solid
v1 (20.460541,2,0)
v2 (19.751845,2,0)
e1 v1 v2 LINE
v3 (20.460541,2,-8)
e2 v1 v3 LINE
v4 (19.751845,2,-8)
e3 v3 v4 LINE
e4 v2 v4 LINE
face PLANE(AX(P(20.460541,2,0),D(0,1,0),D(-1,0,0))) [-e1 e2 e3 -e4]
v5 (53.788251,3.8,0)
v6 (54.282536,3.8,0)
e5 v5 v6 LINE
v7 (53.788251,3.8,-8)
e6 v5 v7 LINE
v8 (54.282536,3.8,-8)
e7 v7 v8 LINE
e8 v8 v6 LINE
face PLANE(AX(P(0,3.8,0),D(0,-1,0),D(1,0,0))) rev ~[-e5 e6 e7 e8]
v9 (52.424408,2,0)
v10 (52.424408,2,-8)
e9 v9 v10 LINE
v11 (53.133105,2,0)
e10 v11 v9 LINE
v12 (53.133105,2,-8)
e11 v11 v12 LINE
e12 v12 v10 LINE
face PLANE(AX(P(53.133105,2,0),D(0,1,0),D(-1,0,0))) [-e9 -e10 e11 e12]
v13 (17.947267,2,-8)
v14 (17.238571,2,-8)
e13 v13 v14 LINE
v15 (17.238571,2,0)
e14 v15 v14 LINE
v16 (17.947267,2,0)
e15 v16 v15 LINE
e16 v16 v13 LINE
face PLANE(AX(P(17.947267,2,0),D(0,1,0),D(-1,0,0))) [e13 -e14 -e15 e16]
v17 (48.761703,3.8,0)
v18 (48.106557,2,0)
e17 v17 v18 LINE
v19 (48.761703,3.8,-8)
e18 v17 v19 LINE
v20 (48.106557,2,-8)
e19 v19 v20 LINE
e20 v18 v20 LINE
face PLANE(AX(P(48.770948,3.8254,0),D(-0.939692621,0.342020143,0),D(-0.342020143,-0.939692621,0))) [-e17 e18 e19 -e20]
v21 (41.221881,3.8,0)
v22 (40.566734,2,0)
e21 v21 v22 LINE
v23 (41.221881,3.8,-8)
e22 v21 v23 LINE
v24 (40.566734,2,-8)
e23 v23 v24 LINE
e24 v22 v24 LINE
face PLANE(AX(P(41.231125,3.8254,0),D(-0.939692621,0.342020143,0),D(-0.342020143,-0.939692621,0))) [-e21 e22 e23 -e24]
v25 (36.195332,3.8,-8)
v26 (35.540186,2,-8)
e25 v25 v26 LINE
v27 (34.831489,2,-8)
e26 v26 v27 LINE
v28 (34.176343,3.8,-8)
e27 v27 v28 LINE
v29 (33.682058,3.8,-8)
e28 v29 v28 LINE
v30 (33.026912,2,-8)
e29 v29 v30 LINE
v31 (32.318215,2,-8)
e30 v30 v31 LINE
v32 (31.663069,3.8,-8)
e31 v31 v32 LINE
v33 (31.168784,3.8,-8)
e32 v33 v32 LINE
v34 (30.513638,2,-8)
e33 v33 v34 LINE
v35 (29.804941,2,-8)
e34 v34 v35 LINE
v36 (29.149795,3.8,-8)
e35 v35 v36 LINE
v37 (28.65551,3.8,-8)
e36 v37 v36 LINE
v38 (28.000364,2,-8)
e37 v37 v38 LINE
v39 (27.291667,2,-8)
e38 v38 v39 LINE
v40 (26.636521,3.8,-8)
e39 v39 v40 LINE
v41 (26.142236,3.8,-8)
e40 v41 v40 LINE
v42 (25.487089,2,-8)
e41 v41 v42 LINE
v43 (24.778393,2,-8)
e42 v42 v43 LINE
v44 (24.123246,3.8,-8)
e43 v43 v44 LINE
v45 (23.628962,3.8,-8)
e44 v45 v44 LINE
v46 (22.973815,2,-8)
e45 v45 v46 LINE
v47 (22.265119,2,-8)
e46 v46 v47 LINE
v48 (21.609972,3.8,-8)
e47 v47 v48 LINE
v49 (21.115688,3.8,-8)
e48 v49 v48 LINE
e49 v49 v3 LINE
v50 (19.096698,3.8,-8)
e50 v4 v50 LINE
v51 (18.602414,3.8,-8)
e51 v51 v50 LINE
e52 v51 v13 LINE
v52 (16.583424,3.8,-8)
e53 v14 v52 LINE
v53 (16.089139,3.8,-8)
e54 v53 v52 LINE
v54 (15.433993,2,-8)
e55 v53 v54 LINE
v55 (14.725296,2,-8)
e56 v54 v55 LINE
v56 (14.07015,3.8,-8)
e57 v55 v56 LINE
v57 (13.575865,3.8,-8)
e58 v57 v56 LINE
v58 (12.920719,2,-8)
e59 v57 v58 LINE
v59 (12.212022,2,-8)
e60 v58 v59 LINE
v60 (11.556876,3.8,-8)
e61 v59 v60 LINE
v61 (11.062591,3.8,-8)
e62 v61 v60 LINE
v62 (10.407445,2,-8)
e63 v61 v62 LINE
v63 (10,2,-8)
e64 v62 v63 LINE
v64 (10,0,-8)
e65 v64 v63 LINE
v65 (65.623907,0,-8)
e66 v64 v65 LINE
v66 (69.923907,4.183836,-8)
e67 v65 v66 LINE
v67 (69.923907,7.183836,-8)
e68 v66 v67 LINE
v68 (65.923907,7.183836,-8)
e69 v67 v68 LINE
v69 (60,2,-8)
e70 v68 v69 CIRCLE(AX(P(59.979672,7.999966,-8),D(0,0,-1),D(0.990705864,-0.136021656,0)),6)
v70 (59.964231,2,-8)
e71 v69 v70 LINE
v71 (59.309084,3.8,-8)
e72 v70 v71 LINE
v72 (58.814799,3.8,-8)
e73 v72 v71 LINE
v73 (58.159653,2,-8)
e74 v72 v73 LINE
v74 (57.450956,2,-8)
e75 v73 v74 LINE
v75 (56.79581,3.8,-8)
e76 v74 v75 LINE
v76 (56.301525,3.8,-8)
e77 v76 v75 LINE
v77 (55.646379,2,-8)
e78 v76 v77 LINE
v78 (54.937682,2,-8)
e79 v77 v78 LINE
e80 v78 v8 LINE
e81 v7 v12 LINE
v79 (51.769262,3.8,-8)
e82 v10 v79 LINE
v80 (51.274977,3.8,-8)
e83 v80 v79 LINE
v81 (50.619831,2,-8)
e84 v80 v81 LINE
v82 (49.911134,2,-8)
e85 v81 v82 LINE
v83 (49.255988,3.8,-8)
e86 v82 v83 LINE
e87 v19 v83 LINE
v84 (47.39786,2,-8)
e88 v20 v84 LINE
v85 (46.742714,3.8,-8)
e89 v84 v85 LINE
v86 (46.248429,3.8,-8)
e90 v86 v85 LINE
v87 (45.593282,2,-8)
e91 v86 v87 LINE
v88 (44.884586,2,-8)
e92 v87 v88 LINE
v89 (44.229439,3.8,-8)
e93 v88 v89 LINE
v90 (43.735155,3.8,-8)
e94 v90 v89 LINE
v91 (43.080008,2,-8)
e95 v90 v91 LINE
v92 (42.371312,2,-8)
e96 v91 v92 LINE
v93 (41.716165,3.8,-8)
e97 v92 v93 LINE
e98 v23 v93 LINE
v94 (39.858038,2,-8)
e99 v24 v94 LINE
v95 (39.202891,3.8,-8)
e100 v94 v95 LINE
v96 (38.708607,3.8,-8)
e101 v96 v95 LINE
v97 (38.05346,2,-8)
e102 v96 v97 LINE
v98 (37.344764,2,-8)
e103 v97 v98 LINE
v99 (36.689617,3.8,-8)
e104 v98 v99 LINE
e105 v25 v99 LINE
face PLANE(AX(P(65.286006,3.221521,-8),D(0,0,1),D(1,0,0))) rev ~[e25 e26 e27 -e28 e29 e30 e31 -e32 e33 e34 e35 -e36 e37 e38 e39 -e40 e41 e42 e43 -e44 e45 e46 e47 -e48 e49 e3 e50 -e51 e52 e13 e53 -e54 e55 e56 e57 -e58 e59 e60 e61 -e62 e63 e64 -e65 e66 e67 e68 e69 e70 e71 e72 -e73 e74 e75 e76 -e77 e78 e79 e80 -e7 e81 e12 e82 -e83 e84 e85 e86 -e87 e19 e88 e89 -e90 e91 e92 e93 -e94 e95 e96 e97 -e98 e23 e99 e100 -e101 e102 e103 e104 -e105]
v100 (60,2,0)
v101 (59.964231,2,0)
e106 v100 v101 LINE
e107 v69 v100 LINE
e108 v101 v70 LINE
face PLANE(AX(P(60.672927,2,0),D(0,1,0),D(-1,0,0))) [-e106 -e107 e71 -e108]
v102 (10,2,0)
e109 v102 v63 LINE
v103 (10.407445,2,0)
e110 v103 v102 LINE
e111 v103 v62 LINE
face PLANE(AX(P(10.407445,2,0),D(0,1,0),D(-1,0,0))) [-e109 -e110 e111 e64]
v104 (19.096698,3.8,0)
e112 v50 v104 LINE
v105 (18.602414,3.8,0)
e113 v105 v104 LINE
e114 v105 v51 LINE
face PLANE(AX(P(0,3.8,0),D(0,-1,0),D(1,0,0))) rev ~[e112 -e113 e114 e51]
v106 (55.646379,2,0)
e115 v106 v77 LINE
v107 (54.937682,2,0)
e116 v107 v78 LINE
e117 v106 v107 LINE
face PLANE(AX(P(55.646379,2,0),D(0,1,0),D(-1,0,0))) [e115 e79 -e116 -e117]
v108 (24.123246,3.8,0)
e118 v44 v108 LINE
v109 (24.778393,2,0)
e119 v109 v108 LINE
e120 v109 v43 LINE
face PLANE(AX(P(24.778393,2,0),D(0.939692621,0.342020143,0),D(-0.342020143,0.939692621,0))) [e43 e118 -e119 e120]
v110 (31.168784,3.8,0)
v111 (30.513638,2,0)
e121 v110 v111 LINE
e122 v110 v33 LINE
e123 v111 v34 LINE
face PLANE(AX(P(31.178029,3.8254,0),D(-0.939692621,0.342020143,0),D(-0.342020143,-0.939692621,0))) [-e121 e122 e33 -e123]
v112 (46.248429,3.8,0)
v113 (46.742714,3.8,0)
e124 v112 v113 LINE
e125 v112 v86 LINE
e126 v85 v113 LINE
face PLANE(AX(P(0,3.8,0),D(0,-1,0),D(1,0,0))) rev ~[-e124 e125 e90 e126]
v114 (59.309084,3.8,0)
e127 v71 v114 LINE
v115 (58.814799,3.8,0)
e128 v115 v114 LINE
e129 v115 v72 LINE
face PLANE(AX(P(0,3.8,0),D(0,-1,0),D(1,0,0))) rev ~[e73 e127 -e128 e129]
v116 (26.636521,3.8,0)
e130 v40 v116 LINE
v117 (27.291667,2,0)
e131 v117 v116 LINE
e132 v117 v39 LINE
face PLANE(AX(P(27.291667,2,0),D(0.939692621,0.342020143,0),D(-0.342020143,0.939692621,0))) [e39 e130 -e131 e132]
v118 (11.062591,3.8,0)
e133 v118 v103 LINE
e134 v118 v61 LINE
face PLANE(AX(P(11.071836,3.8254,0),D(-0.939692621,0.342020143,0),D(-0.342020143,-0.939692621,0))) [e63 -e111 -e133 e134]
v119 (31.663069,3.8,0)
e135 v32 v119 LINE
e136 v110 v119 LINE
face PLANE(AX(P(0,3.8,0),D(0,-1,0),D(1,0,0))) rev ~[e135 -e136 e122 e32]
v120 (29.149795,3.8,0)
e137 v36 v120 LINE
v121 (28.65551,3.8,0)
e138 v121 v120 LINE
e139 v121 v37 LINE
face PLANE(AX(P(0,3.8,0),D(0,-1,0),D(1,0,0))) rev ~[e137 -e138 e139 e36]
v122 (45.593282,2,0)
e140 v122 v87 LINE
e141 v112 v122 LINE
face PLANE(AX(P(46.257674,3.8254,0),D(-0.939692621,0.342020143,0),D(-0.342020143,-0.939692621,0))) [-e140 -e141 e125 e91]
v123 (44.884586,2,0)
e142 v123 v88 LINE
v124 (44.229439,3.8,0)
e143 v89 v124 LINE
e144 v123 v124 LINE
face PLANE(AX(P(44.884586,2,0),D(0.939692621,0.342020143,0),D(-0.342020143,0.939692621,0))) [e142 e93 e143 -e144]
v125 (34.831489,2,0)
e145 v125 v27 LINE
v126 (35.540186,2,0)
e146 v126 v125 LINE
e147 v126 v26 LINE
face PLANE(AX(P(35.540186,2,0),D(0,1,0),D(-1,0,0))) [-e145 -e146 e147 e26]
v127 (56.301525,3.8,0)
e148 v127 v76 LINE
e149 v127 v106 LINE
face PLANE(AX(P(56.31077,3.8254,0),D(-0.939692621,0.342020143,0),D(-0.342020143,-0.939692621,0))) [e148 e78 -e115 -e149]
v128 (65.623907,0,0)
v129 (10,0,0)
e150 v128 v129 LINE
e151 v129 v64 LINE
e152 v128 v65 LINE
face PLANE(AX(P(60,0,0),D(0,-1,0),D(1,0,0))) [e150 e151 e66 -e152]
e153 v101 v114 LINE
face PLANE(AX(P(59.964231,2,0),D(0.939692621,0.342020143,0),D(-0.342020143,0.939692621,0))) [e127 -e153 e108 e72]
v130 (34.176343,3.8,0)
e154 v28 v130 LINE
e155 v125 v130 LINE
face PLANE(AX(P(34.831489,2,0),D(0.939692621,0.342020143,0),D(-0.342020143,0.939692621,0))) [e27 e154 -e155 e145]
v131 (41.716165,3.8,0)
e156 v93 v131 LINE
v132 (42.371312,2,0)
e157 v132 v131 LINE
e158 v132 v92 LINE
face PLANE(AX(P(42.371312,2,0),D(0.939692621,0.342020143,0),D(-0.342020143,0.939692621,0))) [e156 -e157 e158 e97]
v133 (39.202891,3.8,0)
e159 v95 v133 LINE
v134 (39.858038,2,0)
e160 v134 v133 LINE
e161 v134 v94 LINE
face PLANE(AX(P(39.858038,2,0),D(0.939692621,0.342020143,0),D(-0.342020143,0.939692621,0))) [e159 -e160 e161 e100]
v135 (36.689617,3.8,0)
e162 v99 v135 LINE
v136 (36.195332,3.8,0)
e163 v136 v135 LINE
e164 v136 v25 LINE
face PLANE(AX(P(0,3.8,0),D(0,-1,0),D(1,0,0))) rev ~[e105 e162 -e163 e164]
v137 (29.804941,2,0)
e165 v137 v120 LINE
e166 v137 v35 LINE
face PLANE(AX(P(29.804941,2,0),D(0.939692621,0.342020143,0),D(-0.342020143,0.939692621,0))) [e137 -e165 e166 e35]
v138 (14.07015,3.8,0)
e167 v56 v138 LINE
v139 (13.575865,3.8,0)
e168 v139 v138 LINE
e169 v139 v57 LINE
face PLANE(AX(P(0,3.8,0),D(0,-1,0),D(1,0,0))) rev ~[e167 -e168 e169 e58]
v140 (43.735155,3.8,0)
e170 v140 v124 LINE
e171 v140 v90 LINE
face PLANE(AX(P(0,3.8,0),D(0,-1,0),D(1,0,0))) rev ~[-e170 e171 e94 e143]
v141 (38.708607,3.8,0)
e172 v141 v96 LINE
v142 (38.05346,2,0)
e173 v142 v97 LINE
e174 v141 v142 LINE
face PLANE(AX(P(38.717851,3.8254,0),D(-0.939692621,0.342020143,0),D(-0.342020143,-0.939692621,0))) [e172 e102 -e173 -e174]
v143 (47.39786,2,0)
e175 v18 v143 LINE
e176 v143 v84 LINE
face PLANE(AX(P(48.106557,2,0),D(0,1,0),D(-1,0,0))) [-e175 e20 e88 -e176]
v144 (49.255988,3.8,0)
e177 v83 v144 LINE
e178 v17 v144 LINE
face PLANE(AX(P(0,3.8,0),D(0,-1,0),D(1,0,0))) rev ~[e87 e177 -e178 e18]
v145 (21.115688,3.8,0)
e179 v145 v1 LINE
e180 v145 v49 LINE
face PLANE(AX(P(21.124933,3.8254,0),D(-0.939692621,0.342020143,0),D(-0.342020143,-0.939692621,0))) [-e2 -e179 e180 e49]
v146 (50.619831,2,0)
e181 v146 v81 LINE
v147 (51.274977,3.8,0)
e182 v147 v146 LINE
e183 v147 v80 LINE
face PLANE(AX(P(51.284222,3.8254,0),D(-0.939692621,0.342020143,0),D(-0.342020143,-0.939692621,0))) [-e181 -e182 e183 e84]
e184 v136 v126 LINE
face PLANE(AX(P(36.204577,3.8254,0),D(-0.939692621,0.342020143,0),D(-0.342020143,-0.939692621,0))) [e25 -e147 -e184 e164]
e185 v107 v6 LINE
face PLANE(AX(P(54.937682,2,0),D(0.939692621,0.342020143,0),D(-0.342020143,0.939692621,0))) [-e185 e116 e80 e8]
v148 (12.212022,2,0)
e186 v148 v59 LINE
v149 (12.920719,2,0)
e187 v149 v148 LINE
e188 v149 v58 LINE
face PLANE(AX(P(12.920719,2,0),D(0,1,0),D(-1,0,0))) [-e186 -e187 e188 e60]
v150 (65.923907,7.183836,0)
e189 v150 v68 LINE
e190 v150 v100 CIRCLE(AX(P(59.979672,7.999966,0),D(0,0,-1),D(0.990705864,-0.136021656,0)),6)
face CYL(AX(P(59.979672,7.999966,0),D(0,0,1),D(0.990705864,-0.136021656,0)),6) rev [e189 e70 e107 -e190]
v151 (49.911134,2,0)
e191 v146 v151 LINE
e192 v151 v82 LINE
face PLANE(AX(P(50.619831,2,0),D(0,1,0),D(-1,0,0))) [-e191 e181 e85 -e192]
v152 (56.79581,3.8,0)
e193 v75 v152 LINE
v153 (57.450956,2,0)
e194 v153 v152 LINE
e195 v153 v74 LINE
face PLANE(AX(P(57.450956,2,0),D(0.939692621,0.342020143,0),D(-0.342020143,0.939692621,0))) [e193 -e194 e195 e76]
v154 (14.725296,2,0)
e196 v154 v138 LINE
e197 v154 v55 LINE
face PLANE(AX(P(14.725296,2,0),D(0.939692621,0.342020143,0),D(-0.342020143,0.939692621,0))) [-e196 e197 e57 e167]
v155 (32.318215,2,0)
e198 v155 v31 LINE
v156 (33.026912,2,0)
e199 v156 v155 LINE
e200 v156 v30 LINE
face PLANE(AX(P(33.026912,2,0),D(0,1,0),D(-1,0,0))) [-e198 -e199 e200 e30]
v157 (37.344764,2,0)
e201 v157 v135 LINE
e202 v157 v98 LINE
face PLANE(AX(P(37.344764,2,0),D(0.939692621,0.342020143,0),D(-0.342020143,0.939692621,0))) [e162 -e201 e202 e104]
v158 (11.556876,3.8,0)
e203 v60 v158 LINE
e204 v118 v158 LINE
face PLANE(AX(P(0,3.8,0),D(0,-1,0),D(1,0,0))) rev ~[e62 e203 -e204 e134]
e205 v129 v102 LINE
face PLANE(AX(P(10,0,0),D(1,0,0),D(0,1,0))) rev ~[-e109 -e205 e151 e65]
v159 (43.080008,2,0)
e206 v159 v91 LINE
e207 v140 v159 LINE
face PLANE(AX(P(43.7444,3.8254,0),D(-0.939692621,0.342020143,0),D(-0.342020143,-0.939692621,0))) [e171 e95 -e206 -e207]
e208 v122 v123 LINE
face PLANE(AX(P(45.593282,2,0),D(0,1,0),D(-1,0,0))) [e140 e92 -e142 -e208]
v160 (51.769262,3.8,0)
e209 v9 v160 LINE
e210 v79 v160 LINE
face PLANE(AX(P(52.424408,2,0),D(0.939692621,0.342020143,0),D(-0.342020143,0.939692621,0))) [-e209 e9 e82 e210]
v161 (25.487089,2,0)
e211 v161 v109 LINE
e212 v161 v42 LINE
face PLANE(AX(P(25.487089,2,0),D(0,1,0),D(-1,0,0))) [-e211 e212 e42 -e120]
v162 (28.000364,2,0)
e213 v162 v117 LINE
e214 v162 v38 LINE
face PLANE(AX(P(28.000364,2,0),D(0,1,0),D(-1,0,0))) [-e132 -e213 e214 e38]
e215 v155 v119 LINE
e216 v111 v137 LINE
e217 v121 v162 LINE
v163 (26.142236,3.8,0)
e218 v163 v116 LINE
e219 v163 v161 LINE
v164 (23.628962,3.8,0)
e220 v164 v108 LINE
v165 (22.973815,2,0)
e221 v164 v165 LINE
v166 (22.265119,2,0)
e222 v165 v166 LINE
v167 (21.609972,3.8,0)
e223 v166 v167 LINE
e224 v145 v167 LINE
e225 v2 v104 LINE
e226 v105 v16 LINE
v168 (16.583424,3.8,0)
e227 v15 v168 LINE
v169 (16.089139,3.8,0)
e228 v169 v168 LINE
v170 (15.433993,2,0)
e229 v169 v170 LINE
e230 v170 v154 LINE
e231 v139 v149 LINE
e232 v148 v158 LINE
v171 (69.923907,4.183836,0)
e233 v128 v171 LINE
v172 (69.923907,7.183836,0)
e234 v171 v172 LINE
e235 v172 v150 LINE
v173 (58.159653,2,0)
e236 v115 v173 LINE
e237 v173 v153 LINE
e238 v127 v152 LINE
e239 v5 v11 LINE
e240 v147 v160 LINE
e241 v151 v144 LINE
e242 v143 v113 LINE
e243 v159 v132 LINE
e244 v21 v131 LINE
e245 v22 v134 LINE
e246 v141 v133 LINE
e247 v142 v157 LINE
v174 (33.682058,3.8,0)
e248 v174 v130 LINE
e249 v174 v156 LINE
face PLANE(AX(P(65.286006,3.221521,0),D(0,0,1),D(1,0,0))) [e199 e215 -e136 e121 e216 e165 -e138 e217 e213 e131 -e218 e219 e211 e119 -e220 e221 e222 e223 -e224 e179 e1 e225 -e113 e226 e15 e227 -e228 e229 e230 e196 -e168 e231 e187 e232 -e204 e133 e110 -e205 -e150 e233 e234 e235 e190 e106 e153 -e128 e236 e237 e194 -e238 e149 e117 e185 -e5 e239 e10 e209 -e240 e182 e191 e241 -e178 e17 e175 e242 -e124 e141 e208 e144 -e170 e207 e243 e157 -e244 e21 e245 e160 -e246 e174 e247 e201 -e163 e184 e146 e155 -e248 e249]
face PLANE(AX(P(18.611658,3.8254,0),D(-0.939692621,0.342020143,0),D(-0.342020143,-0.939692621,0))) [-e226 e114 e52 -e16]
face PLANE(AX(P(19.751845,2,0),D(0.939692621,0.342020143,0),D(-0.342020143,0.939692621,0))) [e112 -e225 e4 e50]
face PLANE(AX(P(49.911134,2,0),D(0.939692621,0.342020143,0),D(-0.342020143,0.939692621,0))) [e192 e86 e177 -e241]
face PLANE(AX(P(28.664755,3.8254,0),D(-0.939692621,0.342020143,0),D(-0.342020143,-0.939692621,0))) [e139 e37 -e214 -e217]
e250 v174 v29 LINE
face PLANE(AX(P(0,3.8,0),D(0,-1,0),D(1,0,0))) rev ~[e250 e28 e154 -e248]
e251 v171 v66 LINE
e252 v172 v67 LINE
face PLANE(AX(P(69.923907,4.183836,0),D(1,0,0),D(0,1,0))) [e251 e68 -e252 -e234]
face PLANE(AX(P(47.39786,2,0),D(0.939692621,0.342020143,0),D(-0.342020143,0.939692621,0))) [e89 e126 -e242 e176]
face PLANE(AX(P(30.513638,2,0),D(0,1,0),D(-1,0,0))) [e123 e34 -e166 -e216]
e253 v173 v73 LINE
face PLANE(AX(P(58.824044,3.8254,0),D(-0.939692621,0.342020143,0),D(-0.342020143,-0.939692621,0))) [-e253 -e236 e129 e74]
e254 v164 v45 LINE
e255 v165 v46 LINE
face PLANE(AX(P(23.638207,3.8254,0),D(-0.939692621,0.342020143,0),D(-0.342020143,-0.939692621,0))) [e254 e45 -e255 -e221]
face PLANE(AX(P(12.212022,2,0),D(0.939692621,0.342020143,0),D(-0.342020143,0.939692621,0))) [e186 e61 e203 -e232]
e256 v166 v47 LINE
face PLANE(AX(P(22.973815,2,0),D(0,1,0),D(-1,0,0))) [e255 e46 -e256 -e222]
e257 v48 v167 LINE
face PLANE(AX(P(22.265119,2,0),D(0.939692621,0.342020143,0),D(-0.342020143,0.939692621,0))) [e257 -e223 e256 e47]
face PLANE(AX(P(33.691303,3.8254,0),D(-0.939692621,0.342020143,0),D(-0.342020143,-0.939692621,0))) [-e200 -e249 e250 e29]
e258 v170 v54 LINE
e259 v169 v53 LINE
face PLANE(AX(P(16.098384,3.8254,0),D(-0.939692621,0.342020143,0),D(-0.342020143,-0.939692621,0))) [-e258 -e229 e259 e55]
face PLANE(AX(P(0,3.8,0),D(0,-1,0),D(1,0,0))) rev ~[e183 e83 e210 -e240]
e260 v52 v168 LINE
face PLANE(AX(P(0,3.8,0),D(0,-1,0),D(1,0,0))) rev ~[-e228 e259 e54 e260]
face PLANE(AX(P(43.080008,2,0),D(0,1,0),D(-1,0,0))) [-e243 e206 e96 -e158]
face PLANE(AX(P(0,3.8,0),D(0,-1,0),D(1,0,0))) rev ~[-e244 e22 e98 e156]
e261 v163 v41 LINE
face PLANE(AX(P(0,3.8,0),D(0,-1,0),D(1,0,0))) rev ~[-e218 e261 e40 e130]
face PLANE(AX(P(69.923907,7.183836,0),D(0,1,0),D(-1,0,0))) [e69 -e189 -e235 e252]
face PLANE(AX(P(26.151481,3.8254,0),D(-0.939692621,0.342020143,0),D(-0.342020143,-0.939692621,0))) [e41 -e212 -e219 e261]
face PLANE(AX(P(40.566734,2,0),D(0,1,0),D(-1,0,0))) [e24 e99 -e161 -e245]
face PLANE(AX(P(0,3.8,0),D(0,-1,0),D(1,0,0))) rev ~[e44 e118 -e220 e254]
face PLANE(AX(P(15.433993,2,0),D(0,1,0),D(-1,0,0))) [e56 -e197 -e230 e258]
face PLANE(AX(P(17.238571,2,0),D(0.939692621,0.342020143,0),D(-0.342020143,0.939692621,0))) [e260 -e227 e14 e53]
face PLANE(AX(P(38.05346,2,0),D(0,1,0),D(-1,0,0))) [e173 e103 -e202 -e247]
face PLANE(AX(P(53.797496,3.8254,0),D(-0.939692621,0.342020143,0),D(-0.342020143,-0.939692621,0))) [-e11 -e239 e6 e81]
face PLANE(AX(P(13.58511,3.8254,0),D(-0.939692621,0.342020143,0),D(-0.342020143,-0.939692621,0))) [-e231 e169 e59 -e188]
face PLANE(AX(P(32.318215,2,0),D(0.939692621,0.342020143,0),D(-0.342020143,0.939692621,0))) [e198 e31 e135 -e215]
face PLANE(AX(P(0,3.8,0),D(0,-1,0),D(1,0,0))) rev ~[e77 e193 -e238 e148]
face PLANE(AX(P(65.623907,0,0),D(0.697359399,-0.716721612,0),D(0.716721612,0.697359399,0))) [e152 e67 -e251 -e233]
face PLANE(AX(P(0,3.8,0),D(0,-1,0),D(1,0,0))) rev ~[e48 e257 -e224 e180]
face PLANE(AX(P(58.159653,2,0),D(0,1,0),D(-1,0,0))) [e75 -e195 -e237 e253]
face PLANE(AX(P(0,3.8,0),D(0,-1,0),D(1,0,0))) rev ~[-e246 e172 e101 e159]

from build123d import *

# Parameters (mm, degrees)
BLANKSKE_W          = 60
BLANKSKE_H          = 3.8
BLANK_DEPTH         = 8
TOOTHCUTSIM_DEPTH   = 61.65014427
TEETHCUTS_COUNT     = 25
TEETHCUTS_PITCH     = 2.51327412
EXTRUDE_1_DEPTH     = 8
SKETCH_2_W          = 10
SKETCH_2_H          = 6.666959913
CUT_EXTRUDE_1_DEPTH = 8


with BuildPart() as part:
    # BlankSke → Blank (new body)
    with BuildSketch(Plane.XY):
        with Locations((30, 1.9)):
            Rectangle(BLANKSKE_W, BLANKSKE_H)
    extrude(amount=-BLANK_DEPTH)

    # TooCutSkeSim → ToothCutSim (cut, through all)
    with BuildSketch(Plane.XY):
        Polygon((0.354348296, 2), (-0.354348296, 2), (-1.018739561, 3.8254), (1.018739561, 3.8254), align=None)
    toothcutsim = extrude(amount=-TOOTHCUTSIM_DEPTH, mode=Mode.SUBTRACT)

    # TeethCuts: ToothCutSim ×25
    with Locations(*[(i * TEETHCUTS_PITCH, 0, 0) for i in range(1, TEETHCUTS_COUNT)]):
        add(toothcutsim, mode=Mode.SUBTRACT)

    # 草图1 → 凸台-拉伸1 (add)
    with BuildSketch(Plane.XY):
        with BuildLine():
            Line((60, 0), (65.623907225, 0))
            Line((65.623907225, 0), (69.923907225, 4.183835629))
            Line((69.923907225, 4.183835629), (69.923907225, 7.183835629))
            Line((69.923907225, 7.183835629), (65.923907225, 7.183835629))
            ThreePointArc((65.923907225, 7.183835629), (63.930879619, 3.484662843), (60, 2))
            Line((60, 2), (60, 0))
        make_face()
    extrude(amount=-EXTRUDE_1_DEPTH)

    # 草图2 → 切除-拉伸1 (cut)
    with BuildSketch(Plane.XY):
        with Locations((5, 3.333479957)):
            Rectangle(SKETCH_2_W, SKETCH_2_H)
    extrude(amount=-CUT_EXTRUDE_1_DEPTH, mode=Mode.SUBTRACT)


solid = part.part
